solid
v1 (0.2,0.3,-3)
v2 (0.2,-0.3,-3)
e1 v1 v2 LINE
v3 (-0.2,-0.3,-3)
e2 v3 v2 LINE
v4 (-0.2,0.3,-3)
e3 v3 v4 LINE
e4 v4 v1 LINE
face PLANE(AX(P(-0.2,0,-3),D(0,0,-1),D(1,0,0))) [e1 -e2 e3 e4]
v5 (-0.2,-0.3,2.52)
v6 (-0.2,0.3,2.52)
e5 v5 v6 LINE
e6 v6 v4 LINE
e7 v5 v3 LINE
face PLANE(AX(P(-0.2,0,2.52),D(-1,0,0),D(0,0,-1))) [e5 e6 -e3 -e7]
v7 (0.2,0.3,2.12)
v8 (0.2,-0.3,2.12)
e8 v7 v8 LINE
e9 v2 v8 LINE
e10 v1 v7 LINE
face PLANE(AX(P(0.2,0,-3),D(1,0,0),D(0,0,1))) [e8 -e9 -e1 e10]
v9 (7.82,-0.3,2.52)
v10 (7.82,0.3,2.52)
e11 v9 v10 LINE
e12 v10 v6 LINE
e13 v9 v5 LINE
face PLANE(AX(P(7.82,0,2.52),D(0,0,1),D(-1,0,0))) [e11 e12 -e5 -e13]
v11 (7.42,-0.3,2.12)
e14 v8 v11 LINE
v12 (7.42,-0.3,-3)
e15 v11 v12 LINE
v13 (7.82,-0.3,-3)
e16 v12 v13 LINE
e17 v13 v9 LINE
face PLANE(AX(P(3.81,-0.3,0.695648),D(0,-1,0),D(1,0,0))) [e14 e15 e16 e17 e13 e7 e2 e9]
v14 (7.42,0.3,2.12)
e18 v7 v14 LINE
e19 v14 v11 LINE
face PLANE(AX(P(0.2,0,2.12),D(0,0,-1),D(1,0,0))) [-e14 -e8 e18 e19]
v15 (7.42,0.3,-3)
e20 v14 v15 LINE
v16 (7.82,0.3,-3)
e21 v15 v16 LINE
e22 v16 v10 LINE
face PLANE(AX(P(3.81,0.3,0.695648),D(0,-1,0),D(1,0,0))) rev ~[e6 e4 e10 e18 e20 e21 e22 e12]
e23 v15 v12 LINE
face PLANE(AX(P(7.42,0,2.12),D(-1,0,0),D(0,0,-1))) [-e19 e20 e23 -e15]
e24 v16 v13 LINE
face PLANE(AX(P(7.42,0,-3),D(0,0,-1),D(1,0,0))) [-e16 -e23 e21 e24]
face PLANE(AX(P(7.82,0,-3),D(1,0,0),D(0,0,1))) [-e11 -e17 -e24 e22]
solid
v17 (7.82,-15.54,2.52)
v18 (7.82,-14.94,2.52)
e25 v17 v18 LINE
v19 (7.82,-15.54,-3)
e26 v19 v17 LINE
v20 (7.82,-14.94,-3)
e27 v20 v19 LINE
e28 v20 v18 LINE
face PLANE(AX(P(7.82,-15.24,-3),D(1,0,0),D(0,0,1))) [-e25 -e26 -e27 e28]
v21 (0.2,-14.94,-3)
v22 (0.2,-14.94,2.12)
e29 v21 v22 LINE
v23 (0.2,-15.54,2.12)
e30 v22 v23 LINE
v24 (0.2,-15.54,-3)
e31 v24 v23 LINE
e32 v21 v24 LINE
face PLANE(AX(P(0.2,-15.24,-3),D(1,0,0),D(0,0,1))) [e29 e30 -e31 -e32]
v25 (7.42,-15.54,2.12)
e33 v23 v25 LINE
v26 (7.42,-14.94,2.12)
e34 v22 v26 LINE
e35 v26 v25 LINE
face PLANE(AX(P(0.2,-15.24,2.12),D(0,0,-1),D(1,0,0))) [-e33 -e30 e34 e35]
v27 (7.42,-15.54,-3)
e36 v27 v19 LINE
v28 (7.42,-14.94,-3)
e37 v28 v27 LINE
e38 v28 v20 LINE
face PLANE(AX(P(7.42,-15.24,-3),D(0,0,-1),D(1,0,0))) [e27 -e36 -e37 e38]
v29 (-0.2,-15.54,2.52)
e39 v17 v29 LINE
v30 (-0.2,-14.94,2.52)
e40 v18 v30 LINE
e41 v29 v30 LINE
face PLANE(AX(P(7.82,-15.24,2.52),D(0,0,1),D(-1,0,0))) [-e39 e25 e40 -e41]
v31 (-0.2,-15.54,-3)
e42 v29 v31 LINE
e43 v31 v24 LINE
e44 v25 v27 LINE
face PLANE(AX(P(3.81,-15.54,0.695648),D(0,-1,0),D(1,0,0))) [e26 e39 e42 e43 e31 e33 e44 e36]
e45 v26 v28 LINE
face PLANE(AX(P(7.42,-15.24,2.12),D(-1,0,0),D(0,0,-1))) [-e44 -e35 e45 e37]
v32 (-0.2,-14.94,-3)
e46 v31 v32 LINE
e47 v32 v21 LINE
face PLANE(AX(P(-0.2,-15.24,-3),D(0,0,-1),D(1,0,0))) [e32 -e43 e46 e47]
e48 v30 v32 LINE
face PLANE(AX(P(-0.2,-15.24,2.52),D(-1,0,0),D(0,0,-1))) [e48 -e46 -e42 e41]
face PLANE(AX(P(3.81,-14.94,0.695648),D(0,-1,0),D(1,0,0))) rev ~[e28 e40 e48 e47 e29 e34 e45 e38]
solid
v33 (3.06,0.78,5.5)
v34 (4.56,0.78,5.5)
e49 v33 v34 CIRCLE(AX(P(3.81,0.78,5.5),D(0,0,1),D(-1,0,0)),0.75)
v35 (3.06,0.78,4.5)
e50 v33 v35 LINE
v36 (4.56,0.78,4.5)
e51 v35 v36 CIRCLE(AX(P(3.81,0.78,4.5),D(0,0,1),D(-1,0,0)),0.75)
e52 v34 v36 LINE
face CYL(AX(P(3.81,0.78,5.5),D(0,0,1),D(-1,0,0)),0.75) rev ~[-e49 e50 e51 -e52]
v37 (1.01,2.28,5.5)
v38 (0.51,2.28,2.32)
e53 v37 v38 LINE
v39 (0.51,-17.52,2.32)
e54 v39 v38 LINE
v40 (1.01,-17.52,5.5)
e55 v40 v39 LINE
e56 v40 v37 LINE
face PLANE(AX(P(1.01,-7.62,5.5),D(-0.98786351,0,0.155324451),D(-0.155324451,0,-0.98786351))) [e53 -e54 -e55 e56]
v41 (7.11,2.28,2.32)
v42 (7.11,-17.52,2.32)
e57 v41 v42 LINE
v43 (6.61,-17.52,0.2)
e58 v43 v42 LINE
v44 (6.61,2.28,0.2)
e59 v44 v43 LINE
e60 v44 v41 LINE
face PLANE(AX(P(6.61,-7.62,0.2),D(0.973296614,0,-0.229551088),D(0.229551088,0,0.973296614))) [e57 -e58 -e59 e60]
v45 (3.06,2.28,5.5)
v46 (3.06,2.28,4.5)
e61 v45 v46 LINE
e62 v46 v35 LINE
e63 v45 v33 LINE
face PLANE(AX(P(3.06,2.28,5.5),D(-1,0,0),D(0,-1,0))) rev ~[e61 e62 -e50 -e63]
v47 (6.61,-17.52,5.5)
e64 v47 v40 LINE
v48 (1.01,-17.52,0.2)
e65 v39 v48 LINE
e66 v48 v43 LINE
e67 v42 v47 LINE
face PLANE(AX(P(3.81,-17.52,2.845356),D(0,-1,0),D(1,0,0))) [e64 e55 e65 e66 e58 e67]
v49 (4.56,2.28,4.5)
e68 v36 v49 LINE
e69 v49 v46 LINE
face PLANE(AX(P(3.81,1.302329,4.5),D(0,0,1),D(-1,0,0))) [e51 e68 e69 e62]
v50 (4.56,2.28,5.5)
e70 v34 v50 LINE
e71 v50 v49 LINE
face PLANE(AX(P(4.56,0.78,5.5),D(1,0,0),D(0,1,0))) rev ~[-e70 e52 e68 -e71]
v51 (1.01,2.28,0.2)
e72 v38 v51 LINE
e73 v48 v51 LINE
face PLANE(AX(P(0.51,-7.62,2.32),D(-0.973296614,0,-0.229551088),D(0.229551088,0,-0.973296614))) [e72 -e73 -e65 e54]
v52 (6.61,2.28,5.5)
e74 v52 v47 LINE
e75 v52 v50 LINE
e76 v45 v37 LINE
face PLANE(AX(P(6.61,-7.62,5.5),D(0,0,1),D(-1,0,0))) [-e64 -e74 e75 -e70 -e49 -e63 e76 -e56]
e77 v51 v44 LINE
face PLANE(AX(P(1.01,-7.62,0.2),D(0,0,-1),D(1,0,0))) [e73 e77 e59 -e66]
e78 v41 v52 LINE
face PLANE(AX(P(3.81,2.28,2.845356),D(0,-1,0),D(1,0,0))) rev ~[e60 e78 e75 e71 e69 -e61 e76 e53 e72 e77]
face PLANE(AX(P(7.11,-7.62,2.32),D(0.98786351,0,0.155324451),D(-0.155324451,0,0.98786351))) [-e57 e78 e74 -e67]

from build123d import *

# Parameters (mm, degrees)
PAD001_DEPTH = 0.3
PAD002_DEPTH = 0.3
PAD_DEPTH    = 9.9
POCKET_DEPTH = 1


with BuildPart() as pad001:
    # Sketch001 → Pad001 (new body, symmetric)
    with BuildSketch(Plane.XZ):
        Polygon((-0.2, -3), (0.2, -3), (0.2, 2.12), (7.42, 2.12), (7.42, -3), (7.82, -3), (7.82, 2.52), (-0.2, 2.52), align=None)
    extrude(amount=PAD001_DEPTH, both=True)


with BuildPart() as pad002:
    # Sketch002 → Pad002 (new body, symmetric)
    with BuildSketch(Plane.XZ.offset(15.24)):
        Polygon((-0.2, -3), (0.2, -3), (0.2, 2.12), (7.42, 2.12), (7.42, -3), (7.82, -3), (7.82, 2.52), (-0.2, 2.52), align=None)
    extrude(amount=PAD002_DEPTH, both=True)


with BuildPart() as pocket:
    # Sketch → Pad (new body, symmetric)
    with BuildSketch(Plane.XZ.offset(7.62)):
        Polygon((1.01, 0.2), (6.61, 0.2), (7.11, 2.32), (6.61, 5.5), (1.01, 5.5), (0.51, 2.32), align=None)
    extrude(amount=PAD_DEPTH, both=True)

    # Sketch003 → Pocket (cut)
    with BuildSketch(Plane(origin=(0, -7.62, 5.5), x_dir=(-1, 0, 0), z_dir=(0, 0, 1))):
        with BuildLine():
            ThreePointArc((-3.06, -8.4), (-3.81, -7.65), (-4.56, -8.4))
            Line((-4.56, -8.4), (-4.56, -9.9))
            Line((-4.56, -9.9), (-3.06, -9.9))
            Line((-3.06, -9.9), (-3.06, -8.4))
        make_face()
    extrude(amount=-POCKET_DEPTH, mode=Mode.SUBTRACT)


solid = Compound([pad001.part, pad002.part, pocket.part])
